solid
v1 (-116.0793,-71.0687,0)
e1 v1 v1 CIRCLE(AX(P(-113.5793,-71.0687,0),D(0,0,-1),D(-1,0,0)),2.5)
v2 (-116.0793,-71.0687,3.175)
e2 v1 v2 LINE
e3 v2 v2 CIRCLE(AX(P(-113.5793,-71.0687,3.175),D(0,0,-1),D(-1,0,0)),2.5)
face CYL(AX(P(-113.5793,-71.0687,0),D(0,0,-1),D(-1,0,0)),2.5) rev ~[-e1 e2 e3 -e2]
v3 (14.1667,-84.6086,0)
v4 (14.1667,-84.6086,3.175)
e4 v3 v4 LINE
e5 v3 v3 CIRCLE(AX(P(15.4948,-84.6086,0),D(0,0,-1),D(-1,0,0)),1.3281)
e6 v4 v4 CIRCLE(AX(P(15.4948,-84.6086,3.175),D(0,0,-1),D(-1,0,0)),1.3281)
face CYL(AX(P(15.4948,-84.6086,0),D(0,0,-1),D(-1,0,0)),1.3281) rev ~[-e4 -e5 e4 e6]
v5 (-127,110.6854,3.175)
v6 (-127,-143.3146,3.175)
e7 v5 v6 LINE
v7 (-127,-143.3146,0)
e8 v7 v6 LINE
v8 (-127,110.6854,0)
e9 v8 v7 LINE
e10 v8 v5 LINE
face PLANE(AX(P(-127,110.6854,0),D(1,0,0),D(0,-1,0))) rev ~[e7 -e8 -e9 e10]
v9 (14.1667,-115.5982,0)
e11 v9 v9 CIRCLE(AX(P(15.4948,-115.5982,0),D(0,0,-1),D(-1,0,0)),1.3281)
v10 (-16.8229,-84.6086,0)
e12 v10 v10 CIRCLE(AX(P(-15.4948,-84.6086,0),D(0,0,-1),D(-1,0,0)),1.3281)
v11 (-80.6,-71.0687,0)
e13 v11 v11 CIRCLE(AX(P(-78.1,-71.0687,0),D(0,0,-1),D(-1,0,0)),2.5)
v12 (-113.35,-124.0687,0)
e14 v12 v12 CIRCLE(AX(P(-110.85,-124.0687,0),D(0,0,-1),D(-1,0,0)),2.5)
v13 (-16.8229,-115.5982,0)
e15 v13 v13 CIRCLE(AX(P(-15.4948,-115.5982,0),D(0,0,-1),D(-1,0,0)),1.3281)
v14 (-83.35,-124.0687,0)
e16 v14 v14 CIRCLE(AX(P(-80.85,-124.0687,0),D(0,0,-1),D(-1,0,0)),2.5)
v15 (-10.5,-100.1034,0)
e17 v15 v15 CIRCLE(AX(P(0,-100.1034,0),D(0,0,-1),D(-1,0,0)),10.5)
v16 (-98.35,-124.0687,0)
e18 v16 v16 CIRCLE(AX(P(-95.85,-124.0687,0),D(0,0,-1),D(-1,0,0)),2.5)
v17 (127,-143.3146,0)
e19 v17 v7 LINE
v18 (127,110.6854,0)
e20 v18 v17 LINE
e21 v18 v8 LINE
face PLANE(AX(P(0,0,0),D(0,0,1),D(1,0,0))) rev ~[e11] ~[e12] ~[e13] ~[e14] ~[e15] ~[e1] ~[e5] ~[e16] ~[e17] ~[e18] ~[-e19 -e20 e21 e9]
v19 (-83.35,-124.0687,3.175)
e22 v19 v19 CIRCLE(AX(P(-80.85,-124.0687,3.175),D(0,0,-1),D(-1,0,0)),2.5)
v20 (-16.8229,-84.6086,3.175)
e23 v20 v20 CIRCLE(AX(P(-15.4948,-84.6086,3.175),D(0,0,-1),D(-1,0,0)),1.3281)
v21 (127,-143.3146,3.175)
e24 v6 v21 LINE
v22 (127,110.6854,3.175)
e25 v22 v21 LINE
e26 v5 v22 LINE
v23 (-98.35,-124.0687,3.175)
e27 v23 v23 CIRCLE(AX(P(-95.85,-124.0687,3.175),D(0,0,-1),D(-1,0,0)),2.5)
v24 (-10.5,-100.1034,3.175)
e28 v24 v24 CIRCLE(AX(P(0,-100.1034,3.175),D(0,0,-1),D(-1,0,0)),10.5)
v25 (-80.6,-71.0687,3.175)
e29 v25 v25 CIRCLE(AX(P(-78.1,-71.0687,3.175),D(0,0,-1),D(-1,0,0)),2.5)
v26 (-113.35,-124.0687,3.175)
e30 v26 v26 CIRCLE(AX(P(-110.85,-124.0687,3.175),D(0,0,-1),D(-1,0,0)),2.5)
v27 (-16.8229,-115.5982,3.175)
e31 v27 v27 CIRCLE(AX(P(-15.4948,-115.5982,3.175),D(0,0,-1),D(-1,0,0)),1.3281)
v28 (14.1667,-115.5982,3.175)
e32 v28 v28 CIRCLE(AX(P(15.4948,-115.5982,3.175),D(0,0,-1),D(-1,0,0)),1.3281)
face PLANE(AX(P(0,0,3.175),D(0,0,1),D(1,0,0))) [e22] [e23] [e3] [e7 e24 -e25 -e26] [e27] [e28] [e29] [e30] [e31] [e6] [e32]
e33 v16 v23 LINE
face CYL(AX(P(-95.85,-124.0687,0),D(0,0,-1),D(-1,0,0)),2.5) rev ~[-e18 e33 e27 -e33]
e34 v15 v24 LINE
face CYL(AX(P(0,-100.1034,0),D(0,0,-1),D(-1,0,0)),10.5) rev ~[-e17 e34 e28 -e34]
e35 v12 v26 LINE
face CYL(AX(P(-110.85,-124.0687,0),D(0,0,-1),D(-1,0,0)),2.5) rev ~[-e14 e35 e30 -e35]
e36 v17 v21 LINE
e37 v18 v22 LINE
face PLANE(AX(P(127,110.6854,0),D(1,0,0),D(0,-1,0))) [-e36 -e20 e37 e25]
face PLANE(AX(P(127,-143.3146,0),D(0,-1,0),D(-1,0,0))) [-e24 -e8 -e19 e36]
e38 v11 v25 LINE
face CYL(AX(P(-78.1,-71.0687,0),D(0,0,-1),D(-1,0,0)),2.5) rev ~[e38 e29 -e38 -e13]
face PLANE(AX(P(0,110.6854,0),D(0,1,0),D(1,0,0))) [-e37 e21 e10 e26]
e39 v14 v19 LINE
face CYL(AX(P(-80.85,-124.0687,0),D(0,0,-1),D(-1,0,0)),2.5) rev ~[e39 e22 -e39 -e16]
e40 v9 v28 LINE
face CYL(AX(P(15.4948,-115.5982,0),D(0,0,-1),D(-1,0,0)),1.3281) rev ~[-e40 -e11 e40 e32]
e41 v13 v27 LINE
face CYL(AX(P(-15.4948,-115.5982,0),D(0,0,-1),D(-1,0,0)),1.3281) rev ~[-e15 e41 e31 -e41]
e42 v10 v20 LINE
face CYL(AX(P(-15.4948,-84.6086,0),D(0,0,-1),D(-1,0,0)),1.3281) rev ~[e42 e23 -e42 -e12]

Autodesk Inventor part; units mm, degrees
ref_plane "YZ Plane" through (0, 0, 0) normal (1, 0, 0) x (0, 1, 0)
ref_plane "XZ Plane" through (0, 0, 0) normal (0, 1, 0) x (-1, 0, 0)
ref_plane "XY Plane" through (0, 0, 0) normal (0, 0, 1) x (1, 0, 0)
sketch "Sketch1" plane through (0, 0, 0) normal (0, 0, 1) x (1, 0, 0)
  line L0 (0, 110.6854) -> (-127, 110.6854)
  line L1 (-127, 110.6854) -> (-127, -143.3146)
  line L2 (-127, -143.3146) -> (0, -143.3146)
  line L3 (-127, 110.6854) -> (127, 110.6854) projected
  line L4 (-127, -143.3146) -> (-127, 110.6854) projected
  line L5 (127, -143.3146) -> (-127, -143.3146) projected
  line L6 (127, 110.6854) -> (127, -143.3146) projected
  line L7 (0, 110.6854) -> (127, 110.6854)
  line L8 (127, 110.6854) -> (127, -143.3146)
  line L9 (127, -143.3146) -> (0, -143.3146)
  circle A0 centre (15.4948, -84.6086) radius 1.3281 projected
  circle A1 centre (0, -100.1034) radius 10.5 projected
  circle A2 centre (-15.4948, -115.5982) radius 1.3281 projected
  circle A3 centre (-15.4948, -84.6086) radius 1.3281 projected
  circle A4 centre (15.4948, -115.5982) radius 1.3281 projected
  circle A5 centre (-113.85, -97.5687) radius 2.5 projected
  circle A6 centre (-77.85, -97.5687) radius 2.5 projected
  circle A7 centre (-95.85, -79.5687) radius 2.5 projected
  circle A8 centre (-95.85, -115.5687) radius 2.5 projected
  point P0 (0, 0)
  point P1 (29.6393, -143.3146)
  point P2 (-29.6393, -143.3146)
  dimension "d0" = 254
  dimension "d1" = 127
extrude "Extrusion1" add sketch "Sketch1" along normal blind 3.175 contours L3 L6 L5 L2 L1 L0 | A0 | A1 | A2 | A3 | A4 | A5 | A6 | A7 | A8
sketch "Sketch3" plane through (0, 0, 0) normal (0, 0, -1) x (-1, 0, 0)
  circle A0 centre (0, -100.1034) radius 10.5
  spline S0 degree 2 number of poles 163
  spline S1 degree 2 number of poles 163
  spline S2 degree 2 number of poles 163
  spline S3 degree 2 number of poles 163
  circle A1 centre (-15.4948, -84.6086) radius 1.3281
  circle A2 centre (15.4948, -84.6086) radius 1.3281
  circle A3 centre (15.4948, -115.5982) radius 1.3281
  circle A4 centre (-15.4948, -115.5982) radius 1.3281
  point P0 (0, 0)
  point P1 (-15.4948, -83.0805)
  point P2 (-16.4994, -85.7601)
extrude "Extrusion3" cut sketch "Sketch3" against normal up to surface (3.175 mm away)
sketch "Sketch4" plane through (0, 0, 0) normal (0, 0, -1) x (-1, 0, 0)
  circle A0 centre (110.85, -124.0687) radius 2.5 projected
  circle A1 centre (78.1, -71.0687) radius 2.5 projected
  circle A2 centre (113.5793, -71.0687) radius 2.5 projected
  circle A3 centre (110.85, -124.0687) radius 2.5 projected
  circle A4 centre (95.85, -124.0687) radius 2.5 projected
  circle A5 centre (80.85, -124.0687) radius 2.5 projected
  line L0 (117.35, -68.0687) -> (117.35, -127.0687) projected
  line L1 (111.8085, -66.0687) -> (115.35, -66.0687) projected
  line L2 (109.8085, -68.0687) -> (109.8085, -76.5687) projected
  line L3 (109.8085, -76.5687) -> (112.4358, -76.5687) projected
  arc A6 (113.1429, -76.8616) -> (112.4358, -76.5687) centre (112.4358, -77.5687) ccw projected
  line L4 (113.1429, -76.8616) -> (116.5571, -80.2758) projected
  arc A7 (116.85, -80.9829) -> (116.5571, -80.2758) centre (115.85, -80.9829) ccw projected
  line L5 (116.85, -80.9829) -> (116.85, -83.3972) projected
  line L6 (116.85, -83.3972) -> (116.4142, -82.9614) projected
  arc A8 (117, -84.3756) -> (116.4142, -82.9614) centre (115, -84.3756) ccw projected
  line L7 (117, -84.3756) -> (117, -110.7619) projected
  arc A9 (116.4142, -112.1761) -> (117, -110.7619) centre (115, -110.7619) ccw projected
  line L8 (116.4142, -112.1761) -> (116.85, -111.7403) projected
  line L9 (116.85, -111.7403) -> (116.85, -114.1545) projected
  arc A10 (116.5571, -114.8616) -> (116.85, -114.1545) centre (115.85, -114.1545) ccw projected
  line L10 (116.5571, -114.8616) -> (113.1429, -118.2758) projected
  arc A11 (112.4358, -118.5687) -> (113.1429, -118.2758) centre (112.4358, -117.5687) ccw projected
  line L11 (112.4358, -118.5687) -> (110.0216, -118.5687) projected
  line L12 (110.0216, -118.5687) -> (110.4574, -118.1329) projected
  arc A12 (109.0431, -118.7187) -> (110.4574, -118.1329) centre (109.0431, -116.7187) ccw projected
  line L13 (109.0431, -118.7187) -> (82.6569, -118.7187) projected
  arc A13 (81.8969, -118.5687) -> (82.6569, -118.7187) centre (82.6569, -116.7187) ccw projected
  line L14 (81.8969, -118.5687) -> (79.2642, -118.5687) projected
  arc A14 (78.5571, -118.2758) -> (79.2642, -118.5687) centre (79.2642, -117.5687) ccw projected
  line L15 (78.5571, -118.2758) -> (75.1429, -114.8616) projected
  arc A15 (74.85, -114.1545) -> (75.1429, -114.8616) centre (75.85, -114.1545) ccw projected
  line L16 (74.85, -114.1545) -> (74.85, -111.5218) projected
  arc A16 (74.7, -110.7619) -> (74.85, -111.5218) centre (76.7, -110.7619) ccw projected
  line L17 (74.7, -110.7619) -> (74.7, -84.3756) projected
  arc A17 (74.85, -83.6157) -> (74.7, -84.3756) centre (76.7, -84.3756) ccw projected
  line L18 (74.85, -83.6157) -> (74.85, -80.9829) projected
  arc A18 (75.1429, -80.2758) -> (74.85, -80.9829) centre (75.85, -80.9829) ccw projected
  line L19 (75.1429, -80.2758) -> (78.5571, -76.8616) projected
  arc A19 (79.2642, -76.5687) -> (78.5571, -76.8616) centre (79.2642, -77.5687) ccw projected
  line L20 (79.2642, -76.5687) -> (81.8915, -76.5687) projected
  line L21 (81.8915, -76.5687) -> (81.8915, -76.0687) projected
  line L22 (81.8915, -76.0687) -> (81.85, -76.0687) projected
  line L23 (81.85, -68.0687) -> (81.85, -76.0687) projected
  line L24 (76.35, -66.0687) -> (79.85, -66.0687) projected
  line L25 (74.35, -127.0687) -> (74.35, -68.0687) projected
  line L26 (115.35, -129.0687) -> (76.35, -129.0687) projected
  circle A20 centre (80.85, -124.0687) radius 2.5 projected
  circle A21 centre (113.5793, -71.0687) radius 2.5 projected
  circle A22 centre (78.1, -71.0687) radius 2.5 projected
  arc A23 (115.35, -129.0687) -> (117.35, -127.0687) centre (115.35, -127.0687) ccw projected
  arc A24 (117.35, -68.0687) -> (115.35, -66.0687) centre (115.35, -68.0687) ccw projected
  arc A25 (111.8085, -66.0687) -> (109.8085, -68.0687) centre (111.8085, -68.0687) ccw projected
  arc A26 (81.85, -68.0687) -> (79.85, -66.0687) centre (79.85, -68.0687) ccw projected
  arc A27 (76.35, -66.0687) -> (74.35, -68.0687) centre (76.35, -68.0687) ccw projected
  arc A28 (74.35, -127.0687) -> (76.35, -129.0687) centre (76.35, -127.0687) ccw projected
  point P0 (0, 0)
extrude "Extrusion4" cut sketch "Sketch4" against normal up to surface (3.175 mm away) contours A0 | A1 | A2 | A4 | A5
sketch "Sketch5" plane through (0, 0, 3.175) normal (0, 0, 1) x (1, 0, 0)
  circle A0 centre (-113.85, -97.5687) radius 2.5 projected
  circle A1 centre (-77.85, -97.5687) radius 2.5 projected
  circle A2 centre (-95.85, -79.5687) radius 2.5 projected
  circle A3 centre (-95.85, -115.5687) radius 2.5 projected
  circle A4 centre (15.4948, -84.6086) radius 1.3281 projected
  circle A5 centre (0, -100.1034) radius 10.5 projected
  circle A6 centre (-15.4948, -115.5982) radius 1.3281 projected
  circle A7 centre (-15.4948, -84.6086) radius 1.3281 projected
  circle A8 centre (15.4948, -115.5982) radius 1.3281 projected
  line L0 (-127, 110.6854) -> (127, 110.6854) projected
  line L1 (-127, -143.3146) -> (-127, 110.6854) projected
  line L2 (127, -143.3146) -> (-127, -143.3146) projected
  line L3 (127, 110.6854) -> (127, -143.3146) projected
  circle A9 centre (-113.85, -97.5687) radius 2.5 projected
  circle A10 centre (-77.85, -97.5687) radius 2.5 projected
  circle A11 centre (-95.85, -79.5687) radius 2.5 projected
  circle A12 centre (-95.85, -115.5687) radius 2.5 projected
  circle A13 centre (15.4948, -84.6086) radius 1.3281 projected
  circle A14 centre (0, -100.1034) radius 10.5 projected
  circle A15 centre (-15.4948, -115.5982) radius 1.3281 projected
  circle A16 centre (-15.4948, -84.6086) radius 1.3281 projected
  circle A17 centre (15.4948, -115.5982) radius 1.3281 projected
  line L4 (-127, 110.6854) -> (127, 110.6854) projected
  line L5 (-127, -143.3146) -> (-127, 110.6854) projected
  line L6 (127, -143.3146) -> (-127, -143.3146) projected
  line L7 (127, 110.6854) -> (127, -143.3146) projected
  circle A18 centre (-113.85, -97.5687) radius 2.5 projected
  circle A19 centre (-77.85, -97.5687) radius 2.5 projected
  circle A20 centre (-95.85, -79.5687) radius 2.5 projected
  circle A21 centre (-95.85, -115.5687) radius 2.5 projected
  circle A22 centre (15.4948, -84.6086) radius 1.3281 projected
  circle A23 centre (0, -100.1034) radius 10.5 projected
  circle A24 centre (-15.4948, -115.5982) radius 1.3281 projected
  circle A25 centre (-15.4948, -84.6086) radius 1.3281 projected
  circle A26 centre (15.4948, -115.5982) radius 1.3281 projected
  line L8 (-127, 110.6854) -> (127, 110.6854) projected
  line L9 (-127, -143.3146) -> (-127, 110.6854) projected
  line L10 (127, -143.3146) -> (-127, -143.3146) projected
  line L11 (127, 110.6854) -> (127, -143.3146) projected
  circle A27 centre (-113.85, -97.5687) radius 2.5 projected
  circle A28 centre (-77.85, -97.5687) radius 2.5 projected
  circle A29 centre (-95.85, -79.5687) radius 2.5 projected
  circle A30 centre (-95.85, -115.5687) radius 2.5 projected
  circle A31 centre (15.4948, -84.6086) radius 1.3281 projected
  circle A32 centre (0, -100.1034) radius 10.5 projected
  circle A33 centre (-15.4948, -115.5982) radius 1.3281 projected
  circle A34 centre (-15.4948, -84.6086) radius 1.3281 projected
  circle A35 centre (15.4948, -115.5982) radius 1.3281 projected
  line L12 (-127, 110.6854) -> (127, 110.6854) projected
  line L13 (-127, -143.3146) -> (-127, 110.6854) projected
  line L14 (127, -143.3146) -> (-127, -143.3146) projected
  line L15 (127, 110.6854) -> (127, -143.3146) projected
  circle A36 centre (-113.85, -97.5687) radius 2.5 projected
  circle A37 centre (-77.85, -97.5687) radius 2.5 projected
  circle A38 centre (-95.85, -79.5687) radius 2.5 projected
  circle A39 centre (-95.85, -115.5687) radius 2.5 projected
  circle A40 centre (15.4948, -84.6086) radius 1.3281 projected
  circle A41 centre (0, -100.1034) radius 10.5 projected
  circle A42 centre (-15.4948, -115.5982) radius 1.3281 projected
  circle A43 centre (-15.4948, -84.6086) radius 1.3281 projected
  circle A44 centre (15.4948, -115.5982) radius 1.3281 projected
  line L16 (-127, 110.6854) -> (127, 110.6854) projected
  line L17 (-127, -143.3146) -> (-127, 110.6854) projected
  line L18 (127, -143.3146) -> (-127, -143.3146) projected
  line L19 (127, 110.6854) -> (127, -143.3146) projected
  line L20 (-95.85, -97.5687) -> (-44.7057, -11.637)
  line L21 (-95.85, -97.5687) -> (4.15, -97.5687) construction
  point P0 (0, 0)
  dimension "d11" = 100
  dimension "d12" = 59.24
properties part number "LeftAlPanel" material "Aluminum 6061"
